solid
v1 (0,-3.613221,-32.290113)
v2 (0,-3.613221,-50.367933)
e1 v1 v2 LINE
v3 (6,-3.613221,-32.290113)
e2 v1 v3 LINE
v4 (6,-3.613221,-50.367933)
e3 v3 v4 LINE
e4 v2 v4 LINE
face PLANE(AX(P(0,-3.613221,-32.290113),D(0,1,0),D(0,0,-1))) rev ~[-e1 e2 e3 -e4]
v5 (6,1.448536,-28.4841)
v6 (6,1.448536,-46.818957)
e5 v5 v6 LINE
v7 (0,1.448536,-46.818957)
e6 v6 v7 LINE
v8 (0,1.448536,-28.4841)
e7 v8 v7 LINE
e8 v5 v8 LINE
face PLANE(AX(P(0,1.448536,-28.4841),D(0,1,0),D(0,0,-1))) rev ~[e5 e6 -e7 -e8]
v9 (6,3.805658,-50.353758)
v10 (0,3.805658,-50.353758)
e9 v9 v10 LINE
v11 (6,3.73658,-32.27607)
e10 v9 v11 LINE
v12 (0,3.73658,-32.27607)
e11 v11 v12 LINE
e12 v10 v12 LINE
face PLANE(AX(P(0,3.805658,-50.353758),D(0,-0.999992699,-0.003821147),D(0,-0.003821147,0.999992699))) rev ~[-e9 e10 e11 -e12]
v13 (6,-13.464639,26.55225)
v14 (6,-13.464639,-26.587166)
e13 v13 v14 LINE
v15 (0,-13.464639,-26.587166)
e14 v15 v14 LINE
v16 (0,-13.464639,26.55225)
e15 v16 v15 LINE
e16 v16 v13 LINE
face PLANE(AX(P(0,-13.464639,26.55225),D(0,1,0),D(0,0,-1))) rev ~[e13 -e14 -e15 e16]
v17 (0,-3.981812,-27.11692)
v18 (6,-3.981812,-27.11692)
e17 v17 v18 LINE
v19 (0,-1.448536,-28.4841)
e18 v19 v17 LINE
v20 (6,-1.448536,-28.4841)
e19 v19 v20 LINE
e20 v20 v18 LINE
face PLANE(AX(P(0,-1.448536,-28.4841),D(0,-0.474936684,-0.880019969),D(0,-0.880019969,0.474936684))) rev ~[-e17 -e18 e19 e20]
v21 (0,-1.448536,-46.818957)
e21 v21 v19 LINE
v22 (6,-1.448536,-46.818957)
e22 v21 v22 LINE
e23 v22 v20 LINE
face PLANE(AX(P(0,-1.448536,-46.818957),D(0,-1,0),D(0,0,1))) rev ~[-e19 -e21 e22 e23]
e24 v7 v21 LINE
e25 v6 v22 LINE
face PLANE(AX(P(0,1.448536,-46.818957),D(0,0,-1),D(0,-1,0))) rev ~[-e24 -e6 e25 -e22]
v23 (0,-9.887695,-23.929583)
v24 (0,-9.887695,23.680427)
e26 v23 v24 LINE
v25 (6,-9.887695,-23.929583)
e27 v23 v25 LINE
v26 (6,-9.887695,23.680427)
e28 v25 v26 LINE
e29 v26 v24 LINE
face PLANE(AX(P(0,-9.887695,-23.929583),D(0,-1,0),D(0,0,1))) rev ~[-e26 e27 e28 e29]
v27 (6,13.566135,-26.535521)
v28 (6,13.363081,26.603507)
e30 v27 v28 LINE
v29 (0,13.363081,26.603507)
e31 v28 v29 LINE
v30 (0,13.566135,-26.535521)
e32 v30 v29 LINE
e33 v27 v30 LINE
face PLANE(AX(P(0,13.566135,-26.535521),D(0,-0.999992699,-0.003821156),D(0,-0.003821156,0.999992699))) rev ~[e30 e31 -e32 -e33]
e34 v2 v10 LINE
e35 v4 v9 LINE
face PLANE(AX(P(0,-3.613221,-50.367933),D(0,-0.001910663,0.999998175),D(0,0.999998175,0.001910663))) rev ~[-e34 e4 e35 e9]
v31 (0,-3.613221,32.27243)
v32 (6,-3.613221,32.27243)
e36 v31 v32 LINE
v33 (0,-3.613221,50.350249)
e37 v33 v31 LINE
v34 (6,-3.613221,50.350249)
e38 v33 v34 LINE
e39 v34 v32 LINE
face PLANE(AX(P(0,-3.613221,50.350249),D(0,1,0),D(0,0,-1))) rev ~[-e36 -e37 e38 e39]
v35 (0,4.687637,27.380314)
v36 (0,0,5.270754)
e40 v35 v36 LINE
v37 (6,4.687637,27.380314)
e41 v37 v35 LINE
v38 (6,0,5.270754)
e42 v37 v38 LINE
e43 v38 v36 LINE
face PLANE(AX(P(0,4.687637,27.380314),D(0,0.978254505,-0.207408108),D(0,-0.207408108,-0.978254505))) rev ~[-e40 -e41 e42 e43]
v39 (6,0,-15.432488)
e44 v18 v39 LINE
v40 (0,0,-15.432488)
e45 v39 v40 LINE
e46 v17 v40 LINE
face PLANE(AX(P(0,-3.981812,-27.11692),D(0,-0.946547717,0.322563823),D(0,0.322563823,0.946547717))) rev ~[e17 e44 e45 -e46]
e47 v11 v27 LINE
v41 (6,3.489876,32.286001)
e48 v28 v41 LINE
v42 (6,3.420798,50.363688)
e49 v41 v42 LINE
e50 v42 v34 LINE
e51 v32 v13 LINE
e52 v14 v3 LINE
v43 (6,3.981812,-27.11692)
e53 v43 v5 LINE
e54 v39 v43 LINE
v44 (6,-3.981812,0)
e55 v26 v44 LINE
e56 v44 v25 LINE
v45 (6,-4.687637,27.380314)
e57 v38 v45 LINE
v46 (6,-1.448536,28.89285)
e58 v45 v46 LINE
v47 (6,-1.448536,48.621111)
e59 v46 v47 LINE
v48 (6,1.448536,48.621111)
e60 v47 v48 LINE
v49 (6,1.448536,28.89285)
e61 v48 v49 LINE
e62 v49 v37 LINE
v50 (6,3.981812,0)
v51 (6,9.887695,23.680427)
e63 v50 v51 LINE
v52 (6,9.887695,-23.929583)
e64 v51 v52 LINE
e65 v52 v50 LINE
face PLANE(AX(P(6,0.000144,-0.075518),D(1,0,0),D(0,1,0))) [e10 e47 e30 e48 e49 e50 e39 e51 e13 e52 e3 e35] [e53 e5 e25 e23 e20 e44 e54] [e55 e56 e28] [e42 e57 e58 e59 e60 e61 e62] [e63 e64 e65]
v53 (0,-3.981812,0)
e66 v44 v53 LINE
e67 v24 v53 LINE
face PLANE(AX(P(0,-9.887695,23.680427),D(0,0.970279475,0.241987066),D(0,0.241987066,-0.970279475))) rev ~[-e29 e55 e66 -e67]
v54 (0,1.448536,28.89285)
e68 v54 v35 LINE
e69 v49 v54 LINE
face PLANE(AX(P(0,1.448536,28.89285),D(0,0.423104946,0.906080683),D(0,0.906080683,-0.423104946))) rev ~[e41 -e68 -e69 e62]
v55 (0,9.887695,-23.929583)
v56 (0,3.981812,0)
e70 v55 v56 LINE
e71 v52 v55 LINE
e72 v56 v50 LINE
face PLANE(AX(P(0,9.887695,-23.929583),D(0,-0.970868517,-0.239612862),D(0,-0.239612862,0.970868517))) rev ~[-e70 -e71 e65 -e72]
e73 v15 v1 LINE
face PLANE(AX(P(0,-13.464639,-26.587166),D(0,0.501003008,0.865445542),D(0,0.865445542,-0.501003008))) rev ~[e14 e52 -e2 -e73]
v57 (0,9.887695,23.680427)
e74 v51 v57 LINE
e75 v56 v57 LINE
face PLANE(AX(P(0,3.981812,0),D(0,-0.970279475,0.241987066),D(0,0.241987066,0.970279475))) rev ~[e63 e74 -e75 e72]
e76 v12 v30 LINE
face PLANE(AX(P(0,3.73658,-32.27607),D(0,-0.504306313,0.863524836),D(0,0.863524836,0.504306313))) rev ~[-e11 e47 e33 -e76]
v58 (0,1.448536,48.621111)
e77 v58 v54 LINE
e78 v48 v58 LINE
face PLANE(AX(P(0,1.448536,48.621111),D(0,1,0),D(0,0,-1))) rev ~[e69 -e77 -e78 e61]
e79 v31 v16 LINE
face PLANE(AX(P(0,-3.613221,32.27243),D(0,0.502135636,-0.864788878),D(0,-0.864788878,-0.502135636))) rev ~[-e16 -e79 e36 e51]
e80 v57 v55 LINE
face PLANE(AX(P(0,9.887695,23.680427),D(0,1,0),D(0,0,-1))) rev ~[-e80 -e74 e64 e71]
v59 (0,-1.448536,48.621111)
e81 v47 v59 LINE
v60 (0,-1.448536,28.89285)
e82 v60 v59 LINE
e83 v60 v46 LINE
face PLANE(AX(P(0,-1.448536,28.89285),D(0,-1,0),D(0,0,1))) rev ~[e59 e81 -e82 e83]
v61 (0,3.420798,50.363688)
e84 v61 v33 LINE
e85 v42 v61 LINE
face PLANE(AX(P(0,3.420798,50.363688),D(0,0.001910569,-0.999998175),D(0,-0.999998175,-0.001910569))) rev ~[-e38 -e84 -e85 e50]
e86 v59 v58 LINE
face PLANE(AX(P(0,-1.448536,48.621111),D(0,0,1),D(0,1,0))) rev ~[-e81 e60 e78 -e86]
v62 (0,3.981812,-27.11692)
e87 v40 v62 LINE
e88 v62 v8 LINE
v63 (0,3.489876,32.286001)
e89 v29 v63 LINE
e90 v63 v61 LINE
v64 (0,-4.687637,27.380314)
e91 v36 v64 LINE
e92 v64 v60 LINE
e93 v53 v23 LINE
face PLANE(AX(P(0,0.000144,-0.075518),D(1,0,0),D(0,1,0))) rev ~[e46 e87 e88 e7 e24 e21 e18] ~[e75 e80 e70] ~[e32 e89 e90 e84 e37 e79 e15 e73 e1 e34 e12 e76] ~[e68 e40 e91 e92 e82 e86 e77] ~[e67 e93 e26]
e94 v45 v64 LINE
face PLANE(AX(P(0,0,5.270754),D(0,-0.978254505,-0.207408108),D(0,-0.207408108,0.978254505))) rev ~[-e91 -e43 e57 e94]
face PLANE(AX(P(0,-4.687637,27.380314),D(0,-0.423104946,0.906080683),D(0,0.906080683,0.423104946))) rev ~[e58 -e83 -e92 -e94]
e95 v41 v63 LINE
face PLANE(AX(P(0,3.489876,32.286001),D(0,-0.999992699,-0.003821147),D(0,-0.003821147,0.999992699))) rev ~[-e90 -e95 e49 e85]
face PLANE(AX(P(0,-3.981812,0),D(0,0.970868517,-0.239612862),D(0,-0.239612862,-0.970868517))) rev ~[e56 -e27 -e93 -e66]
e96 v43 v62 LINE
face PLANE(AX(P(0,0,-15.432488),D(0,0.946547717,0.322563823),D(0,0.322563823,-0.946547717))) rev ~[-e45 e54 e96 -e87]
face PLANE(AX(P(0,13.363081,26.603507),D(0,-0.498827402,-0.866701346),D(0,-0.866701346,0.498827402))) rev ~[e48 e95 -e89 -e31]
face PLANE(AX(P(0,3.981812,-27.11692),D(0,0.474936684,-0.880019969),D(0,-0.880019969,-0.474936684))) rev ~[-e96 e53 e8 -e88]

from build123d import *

# Parameters (mm, degrees)
F1_DEPTH = 4
F2_DEPTH = 6


with BuildPart() as f1:
    # F0 (on Right) → F1 (new body)
    with BuildSketch(Plane.YZ):
        Polygon((3.420798, 50.363688), (-3.613221, 50.350249), (-3.613221, 32.27243), (-13.464639, 26.55225), (-13.464639, -26.587166), (-3.613221, -32.290113), (-3.613221, -50.367933), (3.805658, -50.353758), (3.73658, -32.27607), (13.566135, -26.535521), (13.363081, 26.603507), (3.489876, 32.286001), align=None)
        Polygon((-1.448536, -46.818957), (-1.448536, -28.4841), (-3.981812, -27.11692), (0, -15.432488), (3.981812, -27.11692), (1.448536, -28.4841), (1.448536, -46.818957), align=None, mode=Mode.SUBTRACT)
        Polygon((-9.887695, -23.929583), (-9.887695, 23.680427), (-3.981812, 0), align=None, mode=Mode.SUBTRACT)
        Polygon((3.981812, 0), (9.887695, 23.680427), (9.887695, -23.929583), align=None, mode=Mode.SUBTRACT)
        Polygon((-1.448536, 28.89285), (-1.448536, 48.621111), (1.448536, 48.621111), (1.448536, 28.89285), (4.687637, 27.380314), (0, 5.270754), (-4.687637, 27.380314), align=None, mode=Mode.SUBTRACT)
    extrude(amount=F1_DEPTH)

    # F0 (on Right) → F2 (join)
    with BuildSketch(Plane.YZ):
        Polygon((3.420798, 50.363688), (-3.613221, 50.350249), (-3.613221, 32.27243), (-13.464639, 26.55225), (-13.464639, -26.587166), (-3.613221, -32.290113), (-3.613221, -50.367933), (3.805658, -50.353758), (3.73658, -32.27607), (13.566135, -26.535521), (13.363081, 26.603507), (3.489876, 32.286001), align=None)
        Polygon((-1.448536, -46.818957), (-1.448536, -28.4841), (-3.981812, -27.11692), (0, -15.432488), (3.981812, -27.11692), (1.448536, -28.4841), (1.448536, -46.818957), align=None, mode=Mode.SUBTRACT)
        Polygon((-9.887695, -23.929583), (-9.887695, 23.680427), (-3.981812, 0), align=None, mode=Mode.SUBTRACT)
        Polygon((3.981812, 0), (9.887695, 23.680427), (9.887695, -23.929583), align=None, mode=Mode.SUBTRACT)
        Polygon((-1.448536, 28.89285), (-1.448536, 48.621111), (1.448536, 48.621111), (1.448536, 28.89285), (4.687637, 27.380314), (0, 5.270754), (-4.687637, 27.380314), align=None, mode=Mode.SUBTRACT)
    extrude(amount=F2_DEPTH)


solid = f1.part
